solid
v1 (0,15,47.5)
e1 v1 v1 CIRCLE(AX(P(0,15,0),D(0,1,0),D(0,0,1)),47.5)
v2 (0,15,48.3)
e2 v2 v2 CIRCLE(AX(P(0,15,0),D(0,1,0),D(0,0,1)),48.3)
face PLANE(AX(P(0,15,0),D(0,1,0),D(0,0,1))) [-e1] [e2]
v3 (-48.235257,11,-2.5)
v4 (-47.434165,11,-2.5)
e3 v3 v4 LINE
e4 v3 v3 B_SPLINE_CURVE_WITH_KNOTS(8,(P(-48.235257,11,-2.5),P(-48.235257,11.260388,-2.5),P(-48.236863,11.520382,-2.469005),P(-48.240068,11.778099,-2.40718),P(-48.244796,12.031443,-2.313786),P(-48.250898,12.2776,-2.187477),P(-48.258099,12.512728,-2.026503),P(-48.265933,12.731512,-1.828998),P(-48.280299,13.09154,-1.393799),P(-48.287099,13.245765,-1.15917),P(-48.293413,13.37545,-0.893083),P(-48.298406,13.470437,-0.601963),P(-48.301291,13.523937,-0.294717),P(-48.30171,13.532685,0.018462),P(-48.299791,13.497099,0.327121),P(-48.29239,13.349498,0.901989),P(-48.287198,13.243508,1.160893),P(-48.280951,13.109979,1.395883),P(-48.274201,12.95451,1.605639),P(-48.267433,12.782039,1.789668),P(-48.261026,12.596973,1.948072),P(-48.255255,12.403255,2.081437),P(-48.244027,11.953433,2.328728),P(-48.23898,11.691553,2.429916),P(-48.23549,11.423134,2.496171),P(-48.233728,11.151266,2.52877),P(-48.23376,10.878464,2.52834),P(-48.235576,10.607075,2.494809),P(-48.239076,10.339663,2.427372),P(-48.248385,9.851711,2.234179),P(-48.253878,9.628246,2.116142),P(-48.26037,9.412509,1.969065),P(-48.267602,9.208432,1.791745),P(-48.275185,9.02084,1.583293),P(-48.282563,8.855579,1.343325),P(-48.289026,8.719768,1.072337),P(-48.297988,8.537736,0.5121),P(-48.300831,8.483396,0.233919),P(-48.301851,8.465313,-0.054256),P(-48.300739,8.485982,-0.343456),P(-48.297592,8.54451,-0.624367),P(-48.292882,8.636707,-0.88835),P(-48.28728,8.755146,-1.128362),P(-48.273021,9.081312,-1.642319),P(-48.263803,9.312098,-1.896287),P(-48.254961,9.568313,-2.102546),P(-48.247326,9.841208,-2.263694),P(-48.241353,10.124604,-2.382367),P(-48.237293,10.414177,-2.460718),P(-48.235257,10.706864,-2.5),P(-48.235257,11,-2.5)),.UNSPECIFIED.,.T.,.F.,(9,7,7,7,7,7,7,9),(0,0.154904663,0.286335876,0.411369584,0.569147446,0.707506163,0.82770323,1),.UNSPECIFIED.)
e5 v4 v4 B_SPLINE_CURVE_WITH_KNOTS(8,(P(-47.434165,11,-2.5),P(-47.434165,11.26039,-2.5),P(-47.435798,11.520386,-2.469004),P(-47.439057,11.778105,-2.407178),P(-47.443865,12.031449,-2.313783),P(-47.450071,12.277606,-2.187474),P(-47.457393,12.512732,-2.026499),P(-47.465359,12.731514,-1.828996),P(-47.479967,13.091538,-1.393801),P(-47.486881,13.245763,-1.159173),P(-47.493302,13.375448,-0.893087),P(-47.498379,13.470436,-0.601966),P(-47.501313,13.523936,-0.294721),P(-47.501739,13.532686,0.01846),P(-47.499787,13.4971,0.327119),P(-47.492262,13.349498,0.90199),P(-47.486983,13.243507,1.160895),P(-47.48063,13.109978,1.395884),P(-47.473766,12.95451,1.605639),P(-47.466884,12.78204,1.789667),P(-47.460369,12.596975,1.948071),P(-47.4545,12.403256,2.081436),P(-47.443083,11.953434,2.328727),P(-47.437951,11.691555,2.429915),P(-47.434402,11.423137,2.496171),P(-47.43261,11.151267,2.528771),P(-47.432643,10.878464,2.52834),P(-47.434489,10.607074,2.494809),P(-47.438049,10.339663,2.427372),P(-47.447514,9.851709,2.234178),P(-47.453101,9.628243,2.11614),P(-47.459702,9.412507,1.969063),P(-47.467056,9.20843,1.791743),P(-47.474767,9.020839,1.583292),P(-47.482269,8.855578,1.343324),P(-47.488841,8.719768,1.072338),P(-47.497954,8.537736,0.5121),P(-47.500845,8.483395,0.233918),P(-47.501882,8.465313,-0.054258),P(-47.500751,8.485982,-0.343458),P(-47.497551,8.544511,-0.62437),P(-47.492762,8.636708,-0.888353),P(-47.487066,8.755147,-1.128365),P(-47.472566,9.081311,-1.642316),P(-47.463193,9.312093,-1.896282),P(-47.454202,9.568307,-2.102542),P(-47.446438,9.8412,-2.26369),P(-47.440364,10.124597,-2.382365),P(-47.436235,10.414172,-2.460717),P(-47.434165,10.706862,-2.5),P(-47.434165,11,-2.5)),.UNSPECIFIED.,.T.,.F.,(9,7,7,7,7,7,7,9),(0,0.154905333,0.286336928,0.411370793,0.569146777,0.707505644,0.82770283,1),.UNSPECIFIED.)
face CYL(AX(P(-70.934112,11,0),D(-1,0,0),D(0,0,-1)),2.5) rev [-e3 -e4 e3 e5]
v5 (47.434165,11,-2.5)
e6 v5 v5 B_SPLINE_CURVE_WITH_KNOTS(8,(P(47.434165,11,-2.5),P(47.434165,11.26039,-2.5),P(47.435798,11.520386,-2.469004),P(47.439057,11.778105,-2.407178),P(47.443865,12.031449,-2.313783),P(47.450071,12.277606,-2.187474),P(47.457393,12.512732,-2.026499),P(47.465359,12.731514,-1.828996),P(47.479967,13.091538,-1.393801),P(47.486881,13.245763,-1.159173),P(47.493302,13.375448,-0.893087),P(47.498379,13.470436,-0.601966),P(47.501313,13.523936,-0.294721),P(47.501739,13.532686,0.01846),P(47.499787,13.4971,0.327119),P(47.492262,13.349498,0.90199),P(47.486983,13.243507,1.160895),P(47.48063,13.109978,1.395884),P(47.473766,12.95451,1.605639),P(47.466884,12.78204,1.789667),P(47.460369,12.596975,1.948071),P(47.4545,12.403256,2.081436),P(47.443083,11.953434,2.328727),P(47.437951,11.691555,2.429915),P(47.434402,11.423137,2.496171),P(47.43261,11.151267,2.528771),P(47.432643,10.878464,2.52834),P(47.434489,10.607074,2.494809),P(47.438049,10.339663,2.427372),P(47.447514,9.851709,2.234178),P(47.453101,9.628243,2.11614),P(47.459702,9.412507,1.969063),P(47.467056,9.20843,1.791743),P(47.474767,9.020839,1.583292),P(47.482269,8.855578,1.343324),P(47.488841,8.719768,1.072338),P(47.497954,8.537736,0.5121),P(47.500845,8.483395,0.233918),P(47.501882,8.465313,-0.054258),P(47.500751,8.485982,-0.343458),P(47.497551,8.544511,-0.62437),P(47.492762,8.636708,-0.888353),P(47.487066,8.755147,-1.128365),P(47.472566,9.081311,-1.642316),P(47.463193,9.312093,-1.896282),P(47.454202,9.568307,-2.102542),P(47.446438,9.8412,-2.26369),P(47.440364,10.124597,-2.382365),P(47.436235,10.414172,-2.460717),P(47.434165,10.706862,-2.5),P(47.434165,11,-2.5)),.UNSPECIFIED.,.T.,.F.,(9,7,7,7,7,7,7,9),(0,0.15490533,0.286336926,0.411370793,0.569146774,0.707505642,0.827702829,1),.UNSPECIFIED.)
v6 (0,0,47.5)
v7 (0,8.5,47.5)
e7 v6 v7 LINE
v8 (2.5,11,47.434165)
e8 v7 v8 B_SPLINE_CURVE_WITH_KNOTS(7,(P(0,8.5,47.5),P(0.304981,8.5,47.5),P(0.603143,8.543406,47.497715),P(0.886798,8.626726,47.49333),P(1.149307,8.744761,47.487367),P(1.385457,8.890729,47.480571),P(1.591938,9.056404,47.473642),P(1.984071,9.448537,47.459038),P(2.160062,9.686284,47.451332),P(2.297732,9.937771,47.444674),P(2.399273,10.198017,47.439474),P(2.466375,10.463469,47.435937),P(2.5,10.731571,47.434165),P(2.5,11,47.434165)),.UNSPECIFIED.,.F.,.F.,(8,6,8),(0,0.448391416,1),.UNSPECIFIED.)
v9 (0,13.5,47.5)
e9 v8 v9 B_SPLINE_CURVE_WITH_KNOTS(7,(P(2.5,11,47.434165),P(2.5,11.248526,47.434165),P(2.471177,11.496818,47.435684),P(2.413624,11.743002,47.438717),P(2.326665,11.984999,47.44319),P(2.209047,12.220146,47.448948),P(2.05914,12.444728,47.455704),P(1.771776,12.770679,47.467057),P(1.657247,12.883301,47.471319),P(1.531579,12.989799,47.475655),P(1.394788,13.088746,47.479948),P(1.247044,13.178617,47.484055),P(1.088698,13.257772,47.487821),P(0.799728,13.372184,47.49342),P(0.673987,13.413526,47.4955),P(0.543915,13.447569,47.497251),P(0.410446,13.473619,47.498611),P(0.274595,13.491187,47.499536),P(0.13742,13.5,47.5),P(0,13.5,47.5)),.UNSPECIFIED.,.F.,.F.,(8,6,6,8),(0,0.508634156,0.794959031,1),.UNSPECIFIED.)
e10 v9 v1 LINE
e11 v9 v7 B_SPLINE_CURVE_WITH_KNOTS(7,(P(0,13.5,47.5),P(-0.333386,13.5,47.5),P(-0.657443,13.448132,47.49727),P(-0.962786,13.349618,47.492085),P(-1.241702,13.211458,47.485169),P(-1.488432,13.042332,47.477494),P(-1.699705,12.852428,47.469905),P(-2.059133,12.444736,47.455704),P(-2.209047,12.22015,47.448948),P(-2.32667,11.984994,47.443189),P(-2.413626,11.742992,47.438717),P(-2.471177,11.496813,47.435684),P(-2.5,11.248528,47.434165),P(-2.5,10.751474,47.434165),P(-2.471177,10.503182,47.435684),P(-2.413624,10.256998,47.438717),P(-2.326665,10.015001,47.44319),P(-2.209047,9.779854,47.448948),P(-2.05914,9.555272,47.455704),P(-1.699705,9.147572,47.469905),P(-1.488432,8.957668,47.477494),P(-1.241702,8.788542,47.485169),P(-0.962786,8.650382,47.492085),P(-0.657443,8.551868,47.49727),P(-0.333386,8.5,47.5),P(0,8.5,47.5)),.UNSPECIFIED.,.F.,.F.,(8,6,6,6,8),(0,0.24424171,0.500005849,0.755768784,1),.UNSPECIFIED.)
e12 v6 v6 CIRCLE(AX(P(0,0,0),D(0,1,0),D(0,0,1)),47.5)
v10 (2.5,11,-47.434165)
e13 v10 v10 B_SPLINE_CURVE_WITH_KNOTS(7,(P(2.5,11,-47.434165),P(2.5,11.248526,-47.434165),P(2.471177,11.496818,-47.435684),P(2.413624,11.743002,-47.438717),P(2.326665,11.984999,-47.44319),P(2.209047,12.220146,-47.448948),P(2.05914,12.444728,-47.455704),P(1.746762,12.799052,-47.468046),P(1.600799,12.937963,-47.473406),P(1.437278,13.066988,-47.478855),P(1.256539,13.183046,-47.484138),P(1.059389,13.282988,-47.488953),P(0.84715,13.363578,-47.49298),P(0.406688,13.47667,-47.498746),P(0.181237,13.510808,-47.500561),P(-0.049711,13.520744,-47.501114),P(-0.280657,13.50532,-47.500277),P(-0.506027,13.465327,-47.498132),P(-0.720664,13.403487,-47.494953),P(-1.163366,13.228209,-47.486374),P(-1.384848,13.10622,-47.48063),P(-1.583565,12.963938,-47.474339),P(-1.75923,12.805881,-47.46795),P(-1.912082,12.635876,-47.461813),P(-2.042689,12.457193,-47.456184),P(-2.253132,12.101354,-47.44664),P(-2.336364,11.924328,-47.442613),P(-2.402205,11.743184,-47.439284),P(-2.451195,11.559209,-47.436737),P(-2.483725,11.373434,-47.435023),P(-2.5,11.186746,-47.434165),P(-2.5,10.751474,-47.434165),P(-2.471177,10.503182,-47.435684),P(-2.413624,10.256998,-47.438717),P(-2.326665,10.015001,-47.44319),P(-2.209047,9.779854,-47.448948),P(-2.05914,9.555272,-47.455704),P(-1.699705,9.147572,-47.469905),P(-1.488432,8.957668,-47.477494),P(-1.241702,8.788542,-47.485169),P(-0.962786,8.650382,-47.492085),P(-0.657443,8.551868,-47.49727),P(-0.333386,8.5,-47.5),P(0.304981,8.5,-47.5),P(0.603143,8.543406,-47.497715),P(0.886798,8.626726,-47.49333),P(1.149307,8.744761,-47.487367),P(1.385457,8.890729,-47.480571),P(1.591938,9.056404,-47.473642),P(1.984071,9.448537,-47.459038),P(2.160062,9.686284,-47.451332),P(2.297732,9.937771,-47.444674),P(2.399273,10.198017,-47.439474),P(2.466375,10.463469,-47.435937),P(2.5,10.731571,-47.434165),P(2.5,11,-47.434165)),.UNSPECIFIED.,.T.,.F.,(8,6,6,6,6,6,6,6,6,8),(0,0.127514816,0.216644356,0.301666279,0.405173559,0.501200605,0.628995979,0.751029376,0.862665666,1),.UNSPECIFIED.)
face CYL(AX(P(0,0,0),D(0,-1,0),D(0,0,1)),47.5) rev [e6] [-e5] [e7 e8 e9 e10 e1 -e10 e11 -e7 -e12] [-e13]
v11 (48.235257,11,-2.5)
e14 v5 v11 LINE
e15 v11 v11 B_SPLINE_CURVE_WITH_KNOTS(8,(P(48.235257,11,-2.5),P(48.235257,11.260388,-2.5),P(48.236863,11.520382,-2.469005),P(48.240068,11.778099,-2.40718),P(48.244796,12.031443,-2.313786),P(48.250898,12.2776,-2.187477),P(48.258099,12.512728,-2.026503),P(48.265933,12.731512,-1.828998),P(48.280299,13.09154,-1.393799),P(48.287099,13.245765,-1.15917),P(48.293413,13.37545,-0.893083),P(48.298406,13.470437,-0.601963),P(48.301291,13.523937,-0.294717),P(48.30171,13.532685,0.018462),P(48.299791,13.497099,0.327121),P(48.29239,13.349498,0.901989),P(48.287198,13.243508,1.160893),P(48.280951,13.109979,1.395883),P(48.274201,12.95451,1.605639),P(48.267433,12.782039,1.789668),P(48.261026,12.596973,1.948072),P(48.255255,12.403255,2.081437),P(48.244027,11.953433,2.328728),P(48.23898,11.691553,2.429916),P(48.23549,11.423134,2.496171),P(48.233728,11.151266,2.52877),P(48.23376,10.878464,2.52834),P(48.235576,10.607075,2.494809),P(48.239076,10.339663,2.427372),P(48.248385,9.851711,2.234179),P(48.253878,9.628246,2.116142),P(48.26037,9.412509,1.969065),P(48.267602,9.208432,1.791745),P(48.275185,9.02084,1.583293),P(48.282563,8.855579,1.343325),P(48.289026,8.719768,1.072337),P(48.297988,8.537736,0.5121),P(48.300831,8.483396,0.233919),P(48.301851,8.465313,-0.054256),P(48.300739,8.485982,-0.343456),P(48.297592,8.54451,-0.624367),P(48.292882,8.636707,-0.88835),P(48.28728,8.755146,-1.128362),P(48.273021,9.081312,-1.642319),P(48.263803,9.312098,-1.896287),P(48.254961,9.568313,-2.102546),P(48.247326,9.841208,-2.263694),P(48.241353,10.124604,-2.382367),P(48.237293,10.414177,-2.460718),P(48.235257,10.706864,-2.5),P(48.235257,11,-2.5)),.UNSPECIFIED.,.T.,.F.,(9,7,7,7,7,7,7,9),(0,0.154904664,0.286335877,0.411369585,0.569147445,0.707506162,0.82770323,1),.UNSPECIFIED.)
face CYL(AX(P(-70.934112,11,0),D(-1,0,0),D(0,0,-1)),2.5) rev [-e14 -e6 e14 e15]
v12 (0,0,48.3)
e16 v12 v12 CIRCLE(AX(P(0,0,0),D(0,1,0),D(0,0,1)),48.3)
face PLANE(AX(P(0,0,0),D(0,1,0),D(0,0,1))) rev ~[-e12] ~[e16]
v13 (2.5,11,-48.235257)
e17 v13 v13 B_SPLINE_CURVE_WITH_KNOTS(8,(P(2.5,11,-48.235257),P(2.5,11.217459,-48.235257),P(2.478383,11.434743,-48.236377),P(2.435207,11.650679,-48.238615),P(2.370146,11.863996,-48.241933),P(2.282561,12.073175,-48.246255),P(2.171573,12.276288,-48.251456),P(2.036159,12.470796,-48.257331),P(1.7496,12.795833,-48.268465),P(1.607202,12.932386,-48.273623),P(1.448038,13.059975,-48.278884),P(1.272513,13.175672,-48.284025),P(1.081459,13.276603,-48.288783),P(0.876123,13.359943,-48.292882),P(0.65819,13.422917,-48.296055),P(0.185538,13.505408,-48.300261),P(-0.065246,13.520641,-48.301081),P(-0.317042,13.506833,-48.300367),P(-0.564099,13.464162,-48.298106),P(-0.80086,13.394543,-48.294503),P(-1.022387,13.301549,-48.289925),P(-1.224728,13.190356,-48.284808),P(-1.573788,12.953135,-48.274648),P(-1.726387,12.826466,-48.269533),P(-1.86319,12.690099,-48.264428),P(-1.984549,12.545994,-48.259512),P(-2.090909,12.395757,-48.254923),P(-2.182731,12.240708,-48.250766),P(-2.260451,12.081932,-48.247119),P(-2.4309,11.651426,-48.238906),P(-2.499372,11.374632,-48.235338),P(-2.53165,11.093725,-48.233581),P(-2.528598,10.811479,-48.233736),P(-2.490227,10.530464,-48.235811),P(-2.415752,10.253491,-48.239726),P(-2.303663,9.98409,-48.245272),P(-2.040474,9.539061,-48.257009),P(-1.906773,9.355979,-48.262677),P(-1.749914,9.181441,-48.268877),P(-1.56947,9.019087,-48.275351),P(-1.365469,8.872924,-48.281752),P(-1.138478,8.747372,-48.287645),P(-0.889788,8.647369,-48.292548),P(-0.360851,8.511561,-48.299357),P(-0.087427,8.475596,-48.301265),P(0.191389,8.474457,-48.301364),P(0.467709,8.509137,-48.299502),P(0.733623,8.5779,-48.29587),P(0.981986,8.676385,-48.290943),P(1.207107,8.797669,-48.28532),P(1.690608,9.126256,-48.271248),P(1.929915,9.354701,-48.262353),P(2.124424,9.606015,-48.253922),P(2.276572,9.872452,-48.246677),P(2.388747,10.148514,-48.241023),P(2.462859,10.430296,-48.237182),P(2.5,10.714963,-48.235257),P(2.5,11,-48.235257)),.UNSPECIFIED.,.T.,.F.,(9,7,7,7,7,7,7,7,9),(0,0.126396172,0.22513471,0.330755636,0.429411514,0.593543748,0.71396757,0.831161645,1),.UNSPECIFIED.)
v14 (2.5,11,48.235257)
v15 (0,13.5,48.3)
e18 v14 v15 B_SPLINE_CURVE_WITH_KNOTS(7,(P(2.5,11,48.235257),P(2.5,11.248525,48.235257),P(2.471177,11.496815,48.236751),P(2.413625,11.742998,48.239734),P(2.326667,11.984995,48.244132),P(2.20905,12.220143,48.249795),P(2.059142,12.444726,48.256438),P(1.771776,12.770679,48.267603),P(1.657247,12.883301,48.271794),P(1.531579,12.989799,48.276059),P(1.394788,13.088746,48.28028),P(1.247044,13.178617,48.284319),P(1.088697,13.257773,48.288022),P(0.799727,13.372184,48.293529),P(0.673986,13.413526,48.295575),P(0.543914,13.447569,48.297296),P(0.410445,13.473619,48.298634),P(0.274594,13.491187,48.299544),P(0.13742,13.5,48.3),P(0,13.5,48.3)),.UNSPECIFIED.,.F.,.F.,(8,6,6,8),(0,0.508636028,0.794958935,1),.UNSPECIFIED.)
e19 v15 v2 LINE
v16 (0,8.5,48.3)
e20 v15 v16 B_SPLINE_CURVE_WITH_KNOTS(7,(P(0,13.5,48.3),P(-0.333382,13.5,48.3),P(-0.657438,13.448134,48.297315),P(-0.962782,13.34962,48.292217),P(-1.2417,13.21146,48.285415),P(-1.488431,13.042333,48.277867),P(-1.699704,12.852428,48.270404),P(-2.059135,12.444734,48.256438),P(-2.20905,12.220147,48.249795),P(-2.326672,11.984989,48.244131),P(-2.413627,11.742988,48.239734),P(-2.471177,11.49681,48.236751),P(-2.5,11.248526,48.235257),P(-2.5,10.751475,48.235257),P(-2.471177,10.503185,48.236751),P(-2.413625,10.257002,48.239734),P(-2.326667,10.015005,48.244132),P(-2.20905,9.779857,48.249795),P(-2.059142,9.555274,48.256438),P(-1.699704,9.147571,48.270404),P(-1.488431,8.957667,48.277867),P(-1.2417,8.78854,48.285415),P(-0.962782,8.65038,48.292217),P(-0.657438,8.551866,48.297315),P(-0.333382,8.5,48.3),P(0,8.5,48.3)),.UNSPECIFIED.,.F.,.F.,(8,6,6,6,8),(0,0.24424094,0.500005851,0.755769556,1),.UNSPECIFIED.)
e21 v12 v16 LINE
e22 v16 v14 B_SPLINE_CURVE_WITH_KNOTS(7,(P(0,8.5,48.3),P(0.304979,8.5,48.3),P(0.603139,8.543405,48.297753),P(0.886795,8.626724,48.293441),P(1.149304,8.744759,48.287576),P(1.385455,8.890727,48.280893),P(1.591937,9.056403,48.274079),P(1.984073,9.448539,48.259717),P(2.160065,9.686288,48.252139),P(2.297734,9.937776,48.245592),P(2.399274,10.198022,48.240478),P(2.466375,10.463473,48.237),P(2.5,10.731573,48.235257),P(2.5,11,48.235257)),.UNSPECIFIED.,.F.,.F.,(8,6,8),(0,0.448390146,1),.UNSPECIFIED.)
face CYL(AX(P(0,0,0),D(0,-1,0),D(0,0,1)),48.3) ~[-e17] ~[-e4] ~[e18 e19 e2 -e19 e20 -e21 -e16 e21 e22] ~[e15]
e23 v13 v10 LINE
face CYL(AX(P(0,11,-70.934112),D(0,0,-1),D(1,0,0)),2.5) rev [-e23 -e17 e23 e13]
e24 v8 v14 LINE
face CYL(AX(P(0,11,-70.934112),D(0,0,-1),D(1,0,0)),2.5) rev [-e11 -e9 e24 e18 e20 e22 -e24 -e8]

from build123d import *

# Parameters (mm, degrees)
SKETCH1_R               = 48.3
SKETCH1_R_2             = 47.5
BOSS_EXTRUDE1_DEPTH     = 15
CUT_EXTRUDE1_DEPTH      = 70.934111848
CUT_EXTRUDE1_DEPTH_BACK = 70.934111848
SKETCH2_R               = 2.5
CUT_EXTRUDE2_DEPTH      = 70.934112022
CUT_EXTRUDE2_DEPTH_BACK = 70.934112022
SKETCH3_R               = 2.5


with BuildPart() as part:
    # Sketch1 → Boss-Extrude1 (new body)
    with BuildSketch(Plane(origin=(0, 0, 0), x_dir=(1, 0, 0), z_dir=(0, 1, 0))):
        with Locations(Location((0, 0, 0), (0, 0, 270))):
            Circle(SKETCH1_R)
        with Locations(Location((0, 0, 0), (0, 0, 270))):
            Circle(SKETCH1_R_2, mode=Mode.SUBTRACT)
    extrude(amount=BOSS_EXTRUDE1_DEPTH)

    # Sketch2 → Cut-Extrude1 (cut, two sides: drawn at the far end of the back side and taken through both)
    with BuildSketch(Plane.XY.offset(-CUT_EXTRUDE1_DEPTH_BACK)):
        with Locations((0, 11)):
            Circle(SKETCH2_R)
    extrude(amount=CUT_EXTRUDE1_DEPTH + CUT_EXTRUDE1_DEPTH_BACK, mode=Mode.SUBTRACT)

    # Sketch3 → Cut-Extrude2 (cut, two sides: drawn at the far end of the back side and taken through both)
    with BuildSketch(Plane(origin=(0, 0, 0), x_dir=(0, 0, -1), z_dir=(1, 0, 0)).offset(-CUT_EXTRUDE2_DEPTH_BACK)):
        with Locations((0, 11)):
            Circle(SKETCH3_R)
    extrude(amount=CUT_EXTRUDE2_DEPTH + CUT_EXTRUDE2_DEPTH_BACK, mode=Mode.SUBTRACT)


solid = part.part
